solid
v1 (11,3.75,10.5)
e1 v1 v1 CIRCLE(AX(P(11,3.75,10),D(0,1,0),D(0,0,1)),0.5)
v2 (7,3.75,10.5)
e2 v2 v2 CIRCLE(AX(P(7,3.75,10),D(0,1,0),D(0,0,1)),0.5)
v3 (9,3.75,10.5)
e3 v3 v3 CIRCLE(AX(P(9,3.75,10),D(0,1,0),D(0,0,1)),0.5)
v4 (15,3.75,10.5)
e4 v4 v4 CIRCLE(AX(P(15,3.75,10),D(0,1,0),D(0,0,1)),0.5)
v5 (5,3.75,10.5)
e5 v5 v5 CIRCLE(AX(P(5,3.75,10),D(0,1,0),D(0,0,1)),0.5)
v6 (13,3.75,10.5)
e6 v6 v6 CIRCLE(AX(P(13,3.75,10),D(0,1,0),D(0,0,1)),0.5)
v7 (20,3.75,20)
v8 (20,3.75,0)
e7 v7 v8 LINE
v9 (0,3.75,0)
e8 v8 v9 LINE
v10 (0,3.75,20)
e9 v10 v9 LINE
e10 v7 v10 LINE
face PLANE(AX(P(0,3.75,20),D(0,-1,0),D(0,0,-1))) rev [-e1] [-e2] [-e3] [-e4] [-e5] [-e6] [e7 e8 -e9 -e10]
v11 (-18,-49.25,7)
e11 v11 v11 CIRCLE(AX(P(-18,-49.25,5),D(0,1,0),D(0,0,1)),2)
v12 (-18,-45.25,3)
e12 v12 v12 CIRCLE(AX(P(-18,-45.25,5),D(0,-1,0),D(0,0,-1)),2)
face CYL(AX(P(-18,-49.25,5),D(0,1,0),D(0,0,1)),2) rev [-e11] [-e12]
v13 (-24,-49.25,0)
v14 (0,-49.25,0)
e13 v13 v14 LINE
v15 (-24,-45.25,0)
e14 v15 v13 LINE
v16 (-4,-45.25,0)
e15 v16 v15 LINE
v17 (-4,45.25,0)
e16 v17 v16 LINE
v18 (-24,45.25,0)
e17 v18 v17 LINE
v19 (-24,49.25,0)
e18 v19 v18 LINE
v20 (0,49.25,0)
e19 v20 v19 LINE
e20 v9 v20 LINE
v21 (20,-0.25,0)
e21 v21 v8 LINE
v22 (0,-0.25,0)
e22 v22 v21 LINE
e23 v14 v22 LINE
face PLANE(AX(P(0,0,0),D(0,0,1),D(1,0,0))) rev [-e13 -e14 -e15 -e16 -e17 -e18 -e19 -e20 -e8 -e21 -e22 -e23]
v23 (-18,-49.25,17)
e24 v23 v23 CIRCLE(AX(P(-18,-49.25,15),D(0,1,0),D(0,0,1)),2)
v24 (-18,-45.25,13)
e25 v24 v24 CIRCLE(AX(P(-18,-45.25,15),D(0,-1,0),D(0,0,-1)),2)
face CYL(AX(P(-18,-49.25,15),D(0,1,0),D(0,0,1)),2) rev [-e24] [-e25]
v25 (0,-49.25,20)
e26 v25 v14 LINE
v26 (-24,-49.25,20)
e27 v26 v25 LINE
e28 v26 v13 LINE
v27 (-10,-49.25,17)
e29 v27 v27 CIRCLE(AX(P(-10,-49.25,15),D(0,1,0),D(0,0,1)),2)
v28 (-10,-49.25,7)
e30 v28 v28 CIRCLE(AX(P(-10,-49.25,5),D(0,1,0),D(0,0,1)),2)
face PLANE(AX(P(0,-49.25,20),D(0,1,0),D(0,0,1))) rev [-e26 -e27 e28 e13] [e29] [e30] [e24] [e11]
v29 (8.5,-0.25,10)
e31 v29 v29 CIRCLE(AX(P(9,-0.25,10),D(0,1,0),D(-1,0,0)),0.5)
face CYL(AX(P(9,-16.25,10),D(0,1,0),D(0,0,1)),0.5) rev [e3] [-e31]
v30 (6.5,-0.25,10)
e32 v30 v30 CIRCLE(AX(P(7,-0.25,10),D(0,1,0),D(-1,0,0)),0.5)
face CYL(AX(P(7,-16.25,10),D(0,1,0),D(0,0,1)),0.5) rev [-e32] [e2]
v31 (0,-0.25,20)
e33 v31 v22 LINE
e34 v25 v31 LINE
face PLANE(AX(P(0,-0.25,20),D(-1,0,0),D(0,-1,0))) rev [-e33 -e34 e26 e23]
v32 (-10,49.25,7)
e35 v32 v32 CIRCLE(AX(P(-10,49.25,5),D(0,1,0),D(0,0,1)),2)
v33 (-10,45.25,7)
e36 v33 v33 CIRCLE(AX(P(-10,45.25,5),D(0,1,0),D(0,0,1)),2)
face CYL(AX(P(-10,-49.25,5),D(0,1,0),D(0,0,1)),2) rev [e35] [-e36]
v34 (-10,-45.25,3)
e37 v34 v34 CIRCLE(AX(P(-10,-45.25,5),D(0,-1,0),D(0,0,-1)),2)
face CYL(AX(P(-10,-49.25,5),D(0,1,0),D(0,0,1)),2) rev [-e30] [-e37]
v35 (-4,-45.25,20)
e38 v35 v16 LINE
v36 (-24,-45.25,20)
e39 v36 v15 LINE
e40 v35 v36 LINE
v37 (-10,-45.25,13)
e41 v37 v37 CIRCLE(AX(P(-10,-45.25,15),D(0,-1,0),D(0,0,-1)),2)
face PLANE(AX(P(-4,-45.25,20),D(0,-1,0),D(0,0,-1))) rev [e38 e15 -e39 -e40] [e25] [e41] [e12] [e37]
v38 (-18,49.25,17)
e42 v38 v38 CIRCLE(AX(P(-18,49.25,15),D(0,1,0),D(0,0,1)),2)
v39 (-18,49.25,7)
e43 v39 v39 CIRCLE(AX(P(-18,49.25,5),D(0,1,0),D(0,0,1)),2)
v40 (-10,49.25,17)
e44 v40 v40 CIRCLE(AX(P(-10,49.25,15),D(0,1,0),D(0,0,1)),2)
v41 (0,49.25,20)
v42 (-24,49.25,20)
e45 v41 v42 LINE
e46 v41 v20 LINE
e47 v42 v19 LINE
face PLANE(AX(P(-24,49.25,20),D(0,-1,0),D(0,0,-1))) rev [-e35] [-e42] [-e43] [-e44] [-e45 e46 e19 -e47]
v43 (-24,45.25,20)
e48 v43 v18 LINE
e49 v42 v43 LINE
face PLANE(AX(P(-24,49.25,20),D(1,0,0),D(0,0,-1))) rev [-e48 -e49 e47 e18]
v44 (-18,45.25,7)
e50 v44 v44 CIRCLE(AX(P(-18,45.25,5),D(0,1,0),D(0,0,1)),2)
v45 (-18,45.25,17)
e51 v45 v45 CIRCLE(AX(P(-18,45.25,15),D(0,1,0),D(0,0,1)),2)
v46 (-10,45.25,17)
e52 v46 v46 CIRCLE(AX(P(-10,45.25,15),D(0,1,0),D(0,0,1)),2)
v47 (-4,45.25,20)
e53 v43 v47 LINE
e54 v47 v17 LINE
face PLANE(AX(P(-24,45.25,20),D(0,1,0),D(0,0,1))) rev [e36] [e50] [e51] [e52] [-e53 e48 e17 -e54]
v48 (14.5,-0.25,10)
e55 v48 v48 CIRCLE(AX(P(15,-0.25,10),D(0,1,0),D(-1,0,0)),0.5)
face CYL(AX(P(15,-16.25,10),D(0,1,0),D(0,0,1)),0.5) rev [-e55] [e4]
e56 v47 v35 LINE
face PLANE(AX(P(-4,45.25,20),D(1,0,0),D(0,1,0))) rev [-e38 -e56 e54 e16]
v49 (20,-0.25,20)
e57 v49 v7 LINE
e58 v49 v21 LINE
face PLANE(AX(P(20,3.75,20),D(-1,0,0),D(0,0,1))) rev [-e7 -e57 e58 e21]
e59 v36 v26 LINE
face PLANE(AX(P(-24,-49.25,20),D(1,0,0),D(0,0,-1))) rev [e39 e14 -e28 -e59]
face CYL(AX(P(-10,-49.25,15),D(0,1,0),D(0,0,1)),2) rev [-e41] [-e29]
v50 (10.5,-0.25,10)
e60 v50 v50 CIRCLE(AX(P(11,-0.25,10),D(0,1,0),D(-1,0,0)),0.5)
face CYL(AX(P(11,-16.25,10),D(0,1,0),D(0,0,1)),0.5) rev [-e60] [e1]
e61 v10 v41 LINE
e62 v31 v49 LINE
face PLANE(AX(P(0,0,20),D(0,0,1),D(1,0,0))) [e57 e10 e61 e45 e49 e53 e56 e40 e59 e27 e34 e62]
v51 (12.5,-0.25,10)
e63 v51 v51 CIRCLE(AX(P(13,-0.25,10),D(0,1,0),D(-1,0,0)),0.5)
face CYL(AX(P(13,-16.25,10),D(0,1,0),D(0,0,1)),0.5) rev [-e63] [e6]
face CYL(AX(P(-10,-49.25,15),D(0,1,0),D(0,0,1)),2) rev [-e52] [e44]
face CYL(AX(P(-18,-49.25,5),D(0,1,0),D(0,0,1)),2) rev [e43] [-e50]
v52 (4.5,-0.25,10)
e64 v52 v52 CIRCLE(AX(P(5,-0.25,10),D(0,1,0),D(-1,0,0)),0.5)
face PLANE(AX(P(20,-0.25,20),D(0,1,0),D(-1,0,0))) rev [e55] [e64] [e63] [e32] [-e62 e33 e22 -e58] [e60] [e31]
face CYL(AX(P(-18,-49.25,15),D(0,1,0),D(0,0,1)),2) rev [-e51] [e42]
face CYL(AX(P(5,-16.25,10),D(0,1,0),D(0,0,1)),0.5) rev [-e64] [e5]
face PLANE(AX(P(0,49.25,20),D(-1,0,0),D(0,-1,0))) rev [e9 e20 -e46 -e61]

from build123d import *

# Parameters (mm, degrees)
BOSS_EXTRUDE1_DEPTH = 20
SKETCH2_R           = 2
CUT_EXTRUDE1_DEPTH  = 104.335618254
SKETCH4_R           = 0.5
CUT_EXTRUDE2_DEPTH  = 20


with BuildPart() as part:
    # Sketch1 → Boss-Extrude1 (new body)
    with BuildSketch(Plane.XY):
        Polygon((-24, 49.25), (0, 49.25), (0, 3.75), (20, 3.75), (20, -0.25), (0, -0.25), (0, -49.25), (-24, -49.25), (-24, -45.25), (-4, -45.25), (-4, 45.25), (-24, 45.25), align=None)
    extrude(amount=BOSS_EXTRUDE1_DEPTH)

    # Sketch2 → Cut-Extrude1 (cut, through all)
    with BuildSketch(Plane(origin=(0, 49.25, 0), x_dir=(1, 0, 0), z_dir=(0, 1, 0))):
        with Locations(Location((-18, -5, 0), (0, 0, 270))):
            Circle(SKETCH2_R)
        with Locations(Location((-10, -5, 0), (0, 0, 270))):
            Circle(SKETCH2_R)
        with Locations(Location((-10, -15, 0), (0, 0, 270))):
            Circle(SKETCH2_R)
        with Locations(Location((-18, -15, 0), (0, 0, 270))):
            Circle(SKETCH2_R)
    extrude(amount=-CUT_EXTRUDE1_DEPTH, mode=Mode.SUBTRACT)

    # Sketch4 → Cut-Extrude2 (cut)
    with BuildSketch(Plane(origin=(0, 3.75, 0), x_dir=(1, 0, 0), z_dir=(0, 1, 0))):
        with Locations(Location((15, -10, 0), (0, 0, 270))):
            Circle(SKETCH4_R)
        with Locations(Location((13, -10, 0), (0, 0, 270))):
            Circle(SKETCH4_R)
        with Locations(Location((11, -10, 0), (0, 0, 270))):
            Circle(SKETCH4_R)
        with Locations(Location((9, -10, 0), (0, 0, 270))):
            Circle(SKETCH4_R)
        with Locations(Location((7, -10, 0), (0, 0, 270))):
            Circle(SKETCH4_R)
        with Locations(Location((5, -10, 0), (0, 0, 270))):
            Circle(SKETCH4_R)
    extrude(amount=-CUT_EXTRUDE2_DEPTH, mode=Mode.SUBTRACT)


solid = part.part
